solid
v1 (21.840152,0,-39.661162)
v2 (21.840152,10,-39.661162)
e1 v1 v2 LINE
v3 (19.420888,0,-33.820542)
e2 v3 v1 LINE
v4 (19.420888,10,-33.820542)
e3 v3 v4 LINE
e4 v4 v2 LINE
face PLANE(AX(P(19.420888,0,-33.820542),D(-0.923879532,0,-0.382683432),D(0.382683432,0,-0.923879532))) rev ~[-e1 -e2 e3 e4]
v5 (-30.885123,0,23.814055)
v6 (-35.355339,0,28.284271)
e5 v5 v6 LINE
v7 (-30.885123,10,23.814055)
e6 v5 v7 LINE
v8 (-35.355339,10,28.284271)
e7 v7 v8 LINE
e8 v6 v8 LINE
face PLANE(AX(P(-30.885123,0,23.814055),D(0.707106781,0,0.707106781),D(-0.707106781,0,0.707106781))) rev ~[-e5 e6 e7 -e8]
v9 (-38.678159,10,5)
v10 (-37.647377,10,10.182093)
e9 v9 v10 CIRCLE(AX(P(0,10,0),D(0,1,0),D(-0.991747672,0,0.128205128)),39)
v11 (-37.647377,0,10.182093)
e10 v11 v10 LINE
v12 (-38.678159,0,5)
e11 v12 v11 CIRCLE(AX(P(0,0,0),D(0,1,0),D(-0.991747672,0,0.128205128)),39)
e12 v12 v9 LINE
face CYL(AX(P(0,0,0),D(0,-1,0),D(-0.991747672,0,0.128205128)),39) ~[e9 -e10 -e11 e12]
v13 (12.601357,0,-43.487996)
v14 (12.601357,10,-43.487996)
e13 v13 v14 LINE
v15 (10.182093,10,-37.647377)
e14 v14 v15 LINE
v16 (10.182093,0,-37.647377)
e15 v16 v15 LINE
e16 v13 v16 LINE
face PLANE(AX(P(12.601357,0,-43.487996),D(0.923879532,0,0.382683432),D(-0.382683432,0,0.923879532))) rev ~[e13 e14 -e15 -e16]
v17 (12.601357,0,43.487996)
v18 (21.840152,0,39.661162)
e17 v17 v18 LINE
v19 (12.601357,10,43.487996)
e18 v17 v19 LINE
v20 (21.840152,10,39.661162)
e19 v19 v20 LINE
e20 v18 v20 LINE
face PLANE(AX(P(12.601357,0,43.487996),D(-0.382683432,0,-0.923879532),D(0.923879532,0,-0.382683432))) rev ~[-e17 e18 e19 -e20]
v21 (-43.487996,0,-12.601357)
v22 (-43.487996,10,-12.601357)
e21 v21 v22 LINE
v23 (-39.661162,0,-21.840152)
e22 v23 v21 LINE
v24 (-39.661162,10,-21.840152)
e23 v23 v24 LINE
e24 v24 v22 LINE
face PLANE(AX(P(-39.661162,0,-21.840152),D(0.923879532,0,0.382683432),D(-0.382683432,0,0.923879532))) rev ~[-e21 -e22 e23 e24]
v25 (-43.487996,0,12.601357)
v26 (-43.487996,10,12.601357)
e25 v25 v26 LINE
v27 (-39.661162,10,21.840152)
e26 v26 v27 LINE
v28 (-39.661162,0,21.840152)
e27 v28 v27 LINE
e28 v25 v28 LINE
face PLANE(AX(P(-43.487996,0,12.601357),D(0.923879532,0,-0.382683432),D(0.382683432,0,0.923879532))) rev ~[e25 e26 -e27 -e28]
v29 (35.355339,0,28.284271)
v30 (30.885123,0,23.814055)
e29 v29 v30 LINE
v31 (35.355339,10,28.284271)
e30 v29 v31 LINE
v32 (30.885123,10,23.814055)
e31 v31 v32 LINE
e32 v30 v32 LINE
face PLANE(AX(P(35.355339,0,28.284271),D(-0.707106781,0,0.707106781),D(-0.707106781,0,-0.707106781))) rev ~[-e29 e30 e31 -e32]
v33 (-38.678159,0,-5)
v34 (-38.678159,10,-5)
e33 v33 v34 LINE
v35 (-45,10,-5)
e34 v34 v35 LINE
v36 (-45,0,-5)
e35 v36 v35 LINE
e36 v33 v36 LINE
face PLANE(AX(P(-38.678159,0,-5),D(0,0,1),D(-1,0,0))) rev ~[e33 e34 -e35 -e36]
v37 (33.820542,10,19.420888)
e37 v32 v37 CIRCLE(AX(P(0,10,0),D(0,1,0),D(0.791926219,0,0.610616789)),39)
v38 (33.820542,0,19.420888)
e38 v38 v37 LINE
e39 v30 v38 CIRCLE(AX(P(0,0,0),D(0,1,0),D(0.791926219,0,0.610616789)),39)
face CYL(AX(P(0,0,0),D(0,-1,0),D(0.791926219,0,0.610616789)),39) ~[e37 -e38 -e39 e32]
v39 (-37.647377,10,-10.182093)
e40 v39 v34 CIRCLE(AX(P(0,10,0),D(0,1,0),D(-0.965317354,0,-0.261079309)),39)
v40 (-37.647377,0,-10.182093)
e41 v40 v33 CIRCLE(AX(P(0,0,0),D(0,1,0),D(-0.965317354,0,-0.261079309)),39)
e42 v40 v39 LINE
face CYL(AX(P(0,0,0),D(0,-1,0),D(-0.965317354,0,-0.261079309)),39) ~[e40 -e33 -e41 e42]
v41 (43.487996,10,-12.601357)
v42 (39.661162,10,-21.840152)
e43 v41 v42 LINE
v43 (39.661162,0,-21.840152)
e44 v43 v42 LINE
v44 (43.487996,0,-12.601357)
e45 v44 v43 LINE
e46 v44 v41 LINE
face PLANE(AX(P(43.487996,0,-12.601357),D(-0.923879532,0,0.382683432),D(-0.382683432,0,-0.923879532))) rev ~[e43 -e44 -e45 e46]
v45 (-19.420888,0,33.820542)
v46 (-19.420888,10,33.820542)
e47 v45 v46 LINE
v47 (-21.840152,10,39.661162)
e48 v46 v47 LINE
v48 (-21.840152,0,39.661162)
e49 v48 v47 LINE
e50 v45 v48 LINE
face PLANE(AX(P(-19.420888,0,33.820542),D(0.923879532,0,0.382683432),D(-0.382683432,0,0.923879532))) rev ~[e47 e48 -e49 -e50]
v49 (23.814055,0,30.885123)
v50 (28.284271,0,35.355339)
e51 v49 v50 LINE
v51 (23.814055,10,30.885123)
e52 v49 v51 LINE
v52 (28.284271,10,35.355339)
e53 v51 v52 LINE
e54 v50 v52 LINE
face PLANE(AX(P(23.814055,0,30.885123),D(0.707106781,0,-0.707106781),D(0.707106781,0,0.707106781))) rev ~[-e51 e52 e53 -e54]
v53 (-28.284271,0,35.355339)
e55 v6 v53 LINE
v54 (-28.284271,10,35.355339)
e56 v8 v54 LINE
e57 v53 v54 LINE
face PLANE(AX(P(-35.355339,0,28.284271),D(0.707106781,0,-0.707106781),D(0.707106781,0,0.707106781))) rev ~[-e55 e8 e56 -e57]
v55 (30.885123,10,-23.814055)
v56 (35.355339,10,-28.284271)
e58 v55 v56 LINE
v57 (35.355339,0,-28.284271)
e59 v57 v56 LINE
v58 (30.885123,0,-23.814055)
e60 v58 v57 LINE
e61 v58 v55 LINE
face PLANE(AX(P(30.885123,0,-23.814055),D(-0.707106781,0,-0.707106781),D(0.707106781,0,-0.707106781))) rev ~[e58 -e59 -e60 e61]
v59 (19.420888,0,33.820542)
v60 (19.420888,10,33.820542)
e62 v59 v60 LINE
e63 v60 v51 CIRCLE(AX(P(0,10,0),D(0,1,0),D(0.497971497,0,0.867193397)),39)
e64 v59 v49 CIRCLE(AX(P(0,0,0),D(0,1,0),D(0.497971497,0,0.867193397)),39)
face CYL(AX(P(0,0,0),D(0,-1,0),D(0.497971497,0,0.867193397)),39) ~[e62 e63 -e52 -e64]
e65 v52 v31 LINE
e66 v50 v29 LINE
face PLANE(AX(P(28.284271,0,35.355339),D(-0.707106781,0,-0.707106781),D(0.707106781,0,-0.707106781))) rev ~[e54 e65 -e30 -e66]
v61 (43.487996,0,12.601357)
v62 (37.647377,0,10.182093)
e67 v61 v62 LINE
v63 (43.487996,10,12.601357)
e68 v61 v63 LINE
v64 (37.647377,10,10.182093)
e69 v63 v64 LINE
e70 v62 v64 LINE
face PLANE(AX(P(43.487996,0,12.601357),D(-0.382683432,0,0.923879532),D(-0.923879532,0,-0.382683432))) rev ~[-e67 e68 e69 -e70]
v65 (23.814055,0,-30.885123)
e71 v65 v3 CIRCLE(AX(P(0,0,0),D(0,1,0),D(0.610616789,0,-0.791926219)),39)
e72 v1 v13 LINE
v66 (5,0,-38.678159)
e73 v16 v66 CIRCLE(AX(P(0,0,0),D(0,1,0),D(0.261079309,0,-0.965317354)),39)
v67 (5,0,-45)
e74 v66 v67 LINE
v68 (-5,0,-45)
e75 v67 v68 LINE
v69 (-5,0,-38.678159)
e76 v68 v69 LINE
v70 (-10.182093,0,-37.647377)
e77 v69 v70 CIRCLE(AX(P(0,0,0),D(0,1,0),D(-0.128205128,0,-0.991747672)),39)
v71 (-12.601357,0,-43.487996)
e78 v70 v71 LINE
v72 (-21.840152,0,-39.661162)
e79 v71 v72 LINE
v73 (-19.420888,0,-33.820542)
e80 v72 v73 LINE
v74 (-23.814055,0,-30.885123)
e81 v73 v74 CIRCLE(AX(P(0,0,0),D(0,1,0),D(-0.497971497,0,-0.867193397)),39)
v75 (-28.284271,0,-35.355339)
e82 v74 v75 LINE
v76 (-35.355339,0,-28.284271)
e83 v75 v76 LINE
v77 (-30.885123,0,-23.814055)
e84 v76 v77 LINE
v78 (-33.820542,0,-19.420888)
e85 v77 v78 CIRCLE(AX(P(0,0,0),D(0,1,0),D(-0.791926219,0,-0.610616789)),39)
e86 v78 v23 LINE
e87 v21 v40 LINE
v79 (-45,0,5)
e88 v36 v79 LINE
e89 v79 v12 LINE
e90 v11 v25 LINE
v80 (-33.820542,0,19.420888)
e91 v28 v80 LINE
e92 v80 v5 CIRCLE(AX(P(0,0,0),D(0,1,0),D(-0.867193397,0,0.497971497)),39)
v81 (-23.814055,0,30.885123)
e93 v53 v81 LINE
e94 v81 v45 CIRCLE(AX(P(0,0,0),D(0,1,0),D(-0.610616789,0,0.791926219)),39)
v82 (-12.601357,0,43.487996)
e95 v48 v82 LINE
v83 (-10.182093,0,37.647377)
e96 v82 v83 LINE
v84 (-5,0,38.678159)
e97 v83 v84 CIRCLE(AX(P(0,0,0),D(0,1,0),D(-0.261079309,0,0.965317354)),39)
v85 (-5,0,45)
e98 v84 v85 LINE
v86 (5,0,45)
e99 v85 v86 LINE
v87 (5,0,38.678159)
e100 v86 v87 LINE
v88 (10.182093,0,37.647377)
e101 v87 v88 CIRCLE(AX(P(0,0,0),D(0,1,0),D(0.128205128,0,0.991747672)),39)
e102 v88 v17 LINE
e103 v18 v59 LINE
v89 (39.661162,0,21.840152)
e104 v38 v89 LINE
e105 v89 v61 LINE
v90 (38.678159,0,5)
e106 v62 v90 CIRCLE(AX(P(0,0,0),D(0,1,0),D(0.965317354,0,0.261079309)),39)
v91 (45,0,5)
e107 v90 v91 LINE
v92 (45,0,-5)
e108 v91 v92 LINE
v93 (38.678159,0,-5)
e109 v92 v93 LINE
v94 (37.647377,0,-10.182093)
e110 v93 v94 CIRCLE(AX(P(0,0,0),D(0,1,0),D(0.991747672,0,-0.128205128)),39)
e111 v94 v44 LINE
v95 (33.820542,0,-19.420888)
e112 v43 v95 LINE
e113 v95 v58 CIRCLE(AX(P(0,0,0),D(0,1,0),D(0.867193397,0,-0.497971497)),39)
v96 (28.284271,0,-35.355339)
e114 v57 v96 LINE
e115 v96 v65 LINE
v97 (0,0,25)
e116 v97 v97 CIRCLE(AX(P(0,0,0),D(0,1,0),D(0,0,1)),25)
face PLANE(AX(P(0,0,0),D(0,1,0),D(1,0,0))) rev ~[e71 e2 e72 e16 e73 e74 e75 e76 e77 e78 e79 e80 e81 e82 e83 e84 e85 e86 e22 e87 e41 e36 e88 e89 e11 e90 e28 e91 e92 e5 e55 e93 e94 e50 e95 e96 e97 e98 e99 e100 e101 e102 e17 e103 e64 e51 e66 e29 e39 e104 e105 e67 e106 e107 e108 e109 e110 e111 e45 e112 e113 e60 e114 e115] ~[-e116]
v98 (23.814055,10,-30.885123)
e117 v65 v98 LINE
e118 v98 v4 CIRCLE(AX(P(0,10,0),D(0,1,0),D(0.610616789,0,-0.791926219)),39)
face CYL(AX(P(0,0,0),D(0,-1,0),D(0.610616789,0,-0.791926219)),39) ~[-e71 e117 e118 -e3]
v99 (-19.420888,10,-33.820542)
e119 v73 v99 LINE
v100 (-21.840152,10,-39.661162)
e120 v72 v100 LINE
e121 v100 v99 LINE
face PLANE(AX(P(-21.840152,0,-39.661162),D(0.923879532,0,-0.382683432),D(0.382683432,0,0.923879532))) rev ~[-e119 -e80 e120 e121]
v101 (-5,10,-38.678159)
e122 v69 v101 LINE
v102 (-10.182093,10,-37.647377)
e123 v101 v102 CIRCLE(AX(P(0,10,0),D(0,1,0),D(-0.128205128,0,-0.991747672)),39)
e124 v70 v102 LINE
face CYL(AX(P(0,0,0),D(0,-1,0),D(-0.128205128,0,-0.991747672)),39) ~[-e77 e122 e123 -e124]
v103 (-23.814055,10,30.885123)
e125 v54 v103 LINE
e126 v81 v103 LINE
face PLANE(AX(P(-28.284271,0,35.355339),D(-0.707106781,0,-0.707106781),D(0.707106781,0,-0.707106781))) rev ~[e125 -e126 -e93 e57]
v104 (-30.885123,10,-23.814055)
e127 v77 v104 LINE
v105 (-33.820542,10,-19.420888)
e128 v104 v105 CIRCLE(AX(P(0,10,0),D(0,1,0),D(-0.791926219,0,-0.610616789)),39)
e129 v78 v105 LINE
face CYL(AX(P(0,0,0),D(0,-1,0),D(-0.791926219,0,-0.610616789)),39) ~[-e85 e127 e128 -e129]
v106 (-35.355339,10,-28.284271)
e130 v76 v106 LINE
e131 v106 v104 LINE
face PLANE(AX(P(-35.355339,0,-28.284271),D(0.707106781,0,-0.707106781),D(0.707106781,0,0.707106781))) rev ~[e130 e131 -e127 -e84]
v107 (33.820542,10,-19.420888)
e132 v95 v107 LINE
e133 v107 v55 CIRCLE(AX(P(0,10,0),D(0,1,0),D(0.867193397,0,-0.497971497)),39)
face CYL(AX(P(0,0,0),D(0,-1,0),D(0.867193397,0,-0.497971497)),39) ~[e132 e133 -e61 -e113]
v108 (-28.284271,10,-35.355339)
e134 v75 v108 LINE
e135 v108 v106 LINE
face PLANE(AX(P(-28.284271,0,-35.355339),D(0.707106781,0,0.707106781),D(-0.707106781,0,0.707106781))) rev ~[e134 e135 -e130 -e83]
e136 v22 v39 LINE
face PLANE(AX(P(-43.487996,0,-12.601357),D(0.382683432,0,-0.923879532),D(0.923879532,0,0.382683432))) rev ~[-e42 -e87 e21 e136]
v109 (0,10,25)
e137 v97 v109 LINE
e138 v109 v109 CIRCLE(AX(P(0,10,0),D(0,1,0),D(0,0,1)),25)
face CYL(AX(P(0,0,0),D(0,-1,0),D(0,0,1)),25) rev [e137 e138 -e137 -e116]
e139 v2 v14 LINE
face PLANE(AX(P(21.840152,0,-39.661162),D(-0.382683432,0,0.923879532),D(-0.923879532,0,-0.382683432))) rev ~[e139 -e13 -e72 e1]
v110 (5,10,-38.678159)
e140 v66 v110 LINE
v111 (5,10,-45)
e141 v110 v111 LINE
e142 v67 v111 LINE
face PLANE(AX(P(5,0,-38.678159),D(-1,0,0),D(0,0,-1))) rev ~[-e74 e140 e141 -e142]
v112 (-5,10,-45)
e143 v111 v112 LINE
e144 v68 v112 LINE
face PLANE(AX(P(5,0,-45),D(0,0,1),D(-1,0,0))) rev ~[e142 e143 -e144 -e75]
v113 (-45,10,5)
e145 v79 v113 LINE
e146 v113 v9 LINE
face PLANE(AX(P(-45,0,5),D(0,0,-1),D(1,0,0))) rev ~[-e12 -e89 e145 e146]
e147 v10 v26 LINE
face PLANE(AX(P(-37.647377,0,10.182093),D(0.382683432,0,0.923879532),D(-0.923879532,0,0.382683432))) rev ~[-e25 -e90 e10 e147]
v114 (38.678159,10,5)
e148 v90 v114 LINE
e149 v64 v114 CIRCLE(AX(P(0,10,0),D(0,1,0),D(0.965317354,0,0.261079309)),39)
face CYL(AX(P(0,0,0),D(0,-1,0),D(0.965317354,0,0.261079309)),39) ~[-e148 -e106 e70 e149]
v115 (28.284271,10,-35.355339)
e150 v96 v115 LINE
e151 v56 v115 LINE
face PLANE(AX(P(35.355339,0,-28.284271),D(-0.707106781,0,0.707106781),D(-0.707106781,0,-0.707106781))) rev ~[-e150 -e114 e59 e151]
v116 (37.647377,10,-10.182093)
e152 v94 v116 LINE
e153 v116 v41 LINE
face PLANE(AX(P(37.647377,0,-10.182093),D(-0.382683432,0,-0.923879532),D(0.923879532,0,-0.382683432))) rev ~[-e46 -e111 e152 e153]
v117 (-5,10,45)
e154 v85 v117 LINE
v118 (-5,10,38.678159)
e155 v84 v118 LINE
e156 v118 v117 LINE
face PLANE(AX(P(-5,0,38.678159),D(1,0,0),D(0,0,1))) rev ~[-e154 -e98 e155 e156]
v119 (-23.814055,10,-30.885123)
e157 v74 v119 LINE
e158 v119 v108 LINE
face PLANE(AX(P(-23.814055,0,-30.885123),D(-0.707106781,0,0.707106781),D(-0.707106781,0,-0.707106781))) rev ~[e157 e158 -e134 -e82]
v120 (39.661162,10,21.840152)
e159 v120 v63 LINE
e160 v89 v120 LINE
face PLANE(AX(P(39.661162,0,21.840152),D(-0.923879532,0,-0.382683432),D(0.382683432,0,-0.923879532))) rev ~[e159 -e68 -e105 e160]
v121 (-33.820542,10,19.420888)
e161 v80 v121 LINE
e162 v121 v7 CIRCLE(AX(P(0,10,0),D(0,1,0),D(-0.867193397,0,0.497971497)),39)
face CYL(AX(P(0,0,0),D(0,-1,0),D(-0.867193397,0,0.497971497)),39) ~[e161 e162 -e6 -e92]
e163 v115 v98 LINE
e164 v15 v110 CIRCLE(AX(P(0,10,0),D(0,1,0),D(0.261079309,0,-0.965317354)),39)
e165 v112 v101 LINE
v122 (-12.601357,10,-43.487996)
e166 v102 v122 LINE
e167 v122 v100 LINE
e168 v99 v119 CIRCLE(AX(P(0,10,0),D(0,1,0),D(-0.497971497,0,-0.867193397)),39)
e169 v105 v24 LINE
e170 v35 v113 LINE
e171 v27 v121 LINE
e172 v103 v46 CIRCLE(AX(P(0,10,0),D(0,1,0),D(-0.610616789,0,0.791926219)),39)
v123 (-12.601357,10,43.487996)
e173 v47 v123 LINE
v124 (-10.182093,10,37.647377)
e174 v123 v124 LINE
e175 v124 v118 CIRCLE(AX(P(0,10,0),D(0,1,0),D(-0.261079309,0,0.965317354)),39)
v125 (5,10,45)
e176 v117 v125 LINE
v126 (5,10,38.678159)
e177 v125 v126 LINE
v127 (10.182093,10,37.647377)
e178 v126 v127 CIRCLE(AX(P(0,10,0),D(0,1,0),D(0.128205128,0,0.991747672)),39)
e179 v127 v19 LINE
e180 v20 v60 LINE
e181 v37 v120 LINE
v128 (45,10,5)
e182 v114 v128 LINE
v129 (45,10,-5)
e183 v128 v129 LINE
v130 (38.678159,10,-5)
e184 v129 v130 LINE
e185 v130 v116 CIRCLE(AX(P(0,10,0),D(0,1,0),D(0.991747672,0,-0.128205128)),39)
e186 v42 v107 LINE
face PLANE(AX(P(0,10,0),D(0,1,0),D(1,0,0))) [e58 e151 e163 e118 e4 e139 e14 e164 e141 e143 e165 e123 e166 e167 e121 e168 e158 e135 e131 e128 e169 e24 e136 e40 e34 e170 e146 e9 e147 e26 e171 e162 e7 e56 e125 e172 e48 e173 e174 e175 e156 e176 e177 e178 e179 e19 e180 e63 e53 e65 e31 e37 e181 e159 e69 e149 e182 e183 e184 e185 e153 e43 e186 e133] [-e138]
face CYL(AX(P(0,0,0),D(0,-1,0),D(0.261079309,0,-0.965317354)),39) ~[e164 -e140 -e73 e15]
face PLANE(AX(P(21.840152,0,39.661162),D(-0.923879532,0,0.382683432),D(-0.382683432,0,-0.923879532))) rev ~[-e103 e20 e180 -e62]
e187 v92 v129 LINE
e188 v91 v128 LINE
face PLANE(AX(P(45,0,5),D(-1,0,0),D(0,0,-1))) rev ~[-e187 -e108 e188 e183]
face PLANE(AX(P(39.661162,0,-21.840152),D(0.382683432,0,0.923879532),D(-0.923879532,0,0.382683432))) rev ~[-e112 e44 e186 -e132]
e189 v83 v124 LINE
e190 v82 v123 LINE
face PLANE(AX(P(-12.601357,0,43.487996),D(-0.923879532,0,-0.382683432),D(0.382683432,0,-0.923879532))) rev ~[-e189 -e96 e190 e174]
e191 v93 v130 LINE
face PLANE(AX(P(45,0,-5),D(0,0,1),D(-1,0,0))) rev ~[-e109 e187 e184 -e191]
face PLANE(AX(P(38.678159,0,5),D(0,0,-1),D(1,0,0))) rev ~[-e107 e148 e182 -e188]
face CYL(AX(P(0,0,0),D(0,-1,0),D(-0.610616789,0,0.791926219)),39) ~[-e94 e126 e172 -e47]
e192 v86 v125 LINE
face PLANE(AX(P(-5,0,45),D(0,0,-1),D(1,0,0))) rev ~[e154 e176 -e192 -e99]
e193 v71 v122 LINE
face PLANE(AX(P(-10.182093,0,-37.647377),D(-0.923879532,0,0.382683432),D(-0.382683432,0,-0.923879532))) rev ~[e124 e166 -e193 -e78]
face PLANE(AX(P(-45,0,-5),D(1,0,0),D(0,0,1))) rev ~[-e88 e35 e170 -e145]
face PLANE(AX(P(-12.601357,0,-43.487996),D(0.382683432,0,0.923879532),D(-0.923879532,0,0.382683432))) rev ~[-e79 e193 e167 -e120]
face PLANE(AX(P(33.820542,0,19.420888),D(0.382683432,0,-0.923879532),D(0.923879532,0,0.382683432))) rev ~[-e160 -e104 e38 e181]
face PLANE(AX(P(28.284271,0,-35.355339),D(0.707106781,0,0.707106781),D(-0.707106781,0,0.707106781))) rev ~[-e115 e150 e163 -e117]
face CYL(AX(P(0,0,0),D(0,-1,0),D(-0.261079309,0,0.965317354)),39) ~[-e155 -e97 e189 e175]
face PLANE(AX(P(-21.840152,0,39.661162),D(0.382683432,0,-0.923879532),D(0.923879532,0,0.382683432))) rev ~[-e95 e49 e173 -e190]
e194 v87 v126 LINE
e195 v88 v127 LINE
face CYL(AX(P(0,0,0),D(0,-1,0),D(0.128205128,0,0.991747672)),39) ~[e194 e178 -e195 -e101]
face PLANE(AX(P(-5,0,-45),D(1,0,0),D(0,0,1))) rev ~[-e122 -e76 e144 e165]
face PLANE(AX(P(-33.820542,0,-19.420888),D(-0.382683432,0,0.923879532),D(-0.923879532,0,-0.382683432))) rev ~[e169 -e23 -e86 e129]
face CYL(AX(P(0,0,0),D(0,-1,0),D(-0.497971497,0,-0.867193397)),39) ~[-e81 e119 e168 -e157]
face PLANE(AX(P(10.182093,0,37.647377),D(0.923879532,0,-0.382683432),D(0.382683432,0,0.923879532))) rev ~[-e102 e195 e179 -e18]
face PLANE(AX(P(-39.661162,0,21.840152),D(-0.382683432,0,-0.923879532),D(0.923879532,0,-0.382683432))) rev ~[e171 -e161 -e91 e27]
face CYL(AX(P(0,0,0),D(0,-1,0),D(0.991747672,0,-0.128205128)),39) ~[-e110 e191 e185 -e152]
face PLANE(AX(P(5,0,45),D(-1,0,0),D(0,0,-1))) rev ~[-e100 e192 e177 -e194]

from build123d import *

# Parameters (mm, degrees)
SKETCH1_R           = 25
BOSS_EXTRUDE1_DEPTH = 10


with BuildPart() as part:
    # Sketch1 → Boss-Extrude1 (new body)
    with BuildSketch(Plane(origin=(0, 0, 0), x_dir=(1, 0, 0), z_dir=(0, 1, 0))):
        with BuildLine():
            Line((12.601356794, 43.487996125), (10.182093062, 37.647376813))
            ThreePointArc((10.182093062, 37.647376813), (7.608522559, 38.250625936), (5, 38.678159212))
            Line((5, 38.678159212), (5, 45))
            Line((5, 45), (-5, 45))
            Line((-5, 45), (-5, 38.678159212))
            ThreePointArc((-5, 38.678159212), (-7.608522559, 38.250625936), (-10.182093062, 37.647376813))
            Line((-10.182093062, 37.647376813), (-12.601356794, 43.487996125))
            Line((-12.601356794, 43.487996125), (-21.840152119, 39.661161801))
            Line((-21.840152119, 39.661161801), (-19.420888387, 33.820542489))
            ThreePointArc((-19.420888387, 33.820542489), (-21.667239088, 32.42731488), (-23.814054756, 30.885122568))
            Line((-23.814054756, 30.885122568), (-28.284271247, 35.355339059))
            Line((-28.284271247, 35.355339059), (-35.355339059, 28.284271247))
            Line((-35.355339059, 28.284271247), (-30.885122568, 23.814054756))
            ThreePointArc((-30.885122568, 23.814054756), (-32.42731488, 21.667239088), (-33.820542489, 19.420888387))
            Line((-33.820542489, 19.420888387), (-39.661161801, 21.840152119))
            Line((-39.661161801, 21.840152119), (-43.487996125, 12.601356794))
            Line((-43.487996125, 12.601356794), (-37.647376813, 10.182093062))
            ThreePointArc((-37.647376813, 10.182093062), (-38.250625936, 7.608522559), (-38.678159212, 5))
            Line((-38.678159212, 5), (-45, 5))
            Line((-45, 5), (-45, -5))
            Line((-45, -5), (-38.678159212, -5))
            ThreePointArc((-38.678159212, -5), (-38.250625936, -7.608522559), (-37.647376813, -10.182093062))
            Line((-37.647376813, -10.182093062), (-43.487996125, -12.601356794))
            Line((-43.487996125, -12.601356794), (-39.661161801, -21.840152119))
            Line((-39.661161801, -21.840152119), (-33.820542489, -19.420888387))
            ThreePointArc((-33.820542489, -19.420888387), (-32.42731488, -21.667239088), (-30.885122568, -23.814054756))
            Line((-30.885122568, -23.814054756), (-35.355339059, -28.284271247))
            Line((-35.355339059, -28.284271247), (-28.284271247, -35.355339059))
            Line((-28.284271247, -35.355339059), (-23.814054756, -30.885122568))
            ThreePointArc((-23.814054756, -30.885122568), (-21.667239088, -32.42731488), (-19.420888387, -33.820542489))
            Line((-19.420888387, -33.820542489), (-21.840152119, -39.661161801))
            Line((-21.840152119, -39.661161801), (-12.601356794, -43.487996125))
            Line((-12.601356794, -43.487996125), (-10.182093062, -37.647376813))
            ThreePointArc((-10.182093062, -37.647376813), (-7.608522559, -38.250625936), (-5, -38.678159212))
            Line((-5, -38.678159212), (-5, -45))
            Line((-5, -45), (5, -45))
            Line((5, -45), (5, -38.678159212))
            ThreePointArc((5, -38.678159212), (7.608522559, -38.250625936), (10.182093062, -37.647376813))
            Line((10.182093062, -37.647376813), (12.601356794, -43.487996125))
            Line((12.601356794, -43.487996125), (21.840152119, -39.661161801))
            Line((21.840152119, -39.661161801), (19.420888387, -33.820542489))
            ThreePointArc((19.420888387, -33.820542489), (21.667239088, -32.42731488), (23.814054756, -30.885122568))
            Line((23.814054756, -30.885122568), (28.284271247, -35.355339059))
            Line((28.284271247, -35.355339059), (35.355339059, -28.284271247))
            Line((35.355339059, -28.284271247), (30.885122568, -23.814054756))
            ThreePointArc((30.885122568, -23.814054756), (32.42731488, -21.667239088), (33.820542489, -19.420888387))
            Line((33.820542489, -19.420888387), (39.661161801, -21.840152119))
            Line((39.661161801, -21.840152119), (43.487996125, -12.601356794))
            Line((43.487996125, -12.601356794), (37.647376813, -10.182093062))
            ThreePointArc((37.647376813, -10.182093062), (38.250625936, -7.608522559), (38.678159212, -5))
            Line((38.678159212, -5), (45, -5))
            Line((45, -5), (45, 5))
            Line((45, 5), (38.678159212, 5))
            ThreePointArc((38.678159212, 5), (38.250625936, 7.608522559), (37.647376813, 10.182093062))
            Line((37.647376813, 10.182093062), (43.487996125, 12.601356794))
            Line((43.487996125, 12.601356794), (39.661161801, 21.840152119))
            Line((39.661161801, 21.840152119), (33.820542489, 19.420888387))
            ThreePointArc((33.820542489, 19.420888387), (32.42731488, 21.667239088), (30.885122568, 23.814054756))
            Line((30.885122568, 23.814054756), (35.355339059, 28.284271247))
            Line((35.355339059, 28.284271247), (28.284271247, 35.355339059))
            Line((28.284271247, 35.355339059), (23.814054756, 30.885122568))
            ThreePointArc((23.814054756, 30.885122568), (21.667239088, 32.42731488), (19.420888387, 33.820542489))
            Line((19.420888387, 33.820542489), (21.840152119, 39.661161801))
            Line((21.840152119, 39.661161801), (12.601356794, 43.487996125))
        make_face()
        with Locations(Location((0, 0, 0), (0, 0, 270))):
            Circle(SKETCH1_R, mode=Mode.SUBTRACT)
    extrude(amount=BOSS_EXTRUDE1_DEPTH)


solid = part.part
